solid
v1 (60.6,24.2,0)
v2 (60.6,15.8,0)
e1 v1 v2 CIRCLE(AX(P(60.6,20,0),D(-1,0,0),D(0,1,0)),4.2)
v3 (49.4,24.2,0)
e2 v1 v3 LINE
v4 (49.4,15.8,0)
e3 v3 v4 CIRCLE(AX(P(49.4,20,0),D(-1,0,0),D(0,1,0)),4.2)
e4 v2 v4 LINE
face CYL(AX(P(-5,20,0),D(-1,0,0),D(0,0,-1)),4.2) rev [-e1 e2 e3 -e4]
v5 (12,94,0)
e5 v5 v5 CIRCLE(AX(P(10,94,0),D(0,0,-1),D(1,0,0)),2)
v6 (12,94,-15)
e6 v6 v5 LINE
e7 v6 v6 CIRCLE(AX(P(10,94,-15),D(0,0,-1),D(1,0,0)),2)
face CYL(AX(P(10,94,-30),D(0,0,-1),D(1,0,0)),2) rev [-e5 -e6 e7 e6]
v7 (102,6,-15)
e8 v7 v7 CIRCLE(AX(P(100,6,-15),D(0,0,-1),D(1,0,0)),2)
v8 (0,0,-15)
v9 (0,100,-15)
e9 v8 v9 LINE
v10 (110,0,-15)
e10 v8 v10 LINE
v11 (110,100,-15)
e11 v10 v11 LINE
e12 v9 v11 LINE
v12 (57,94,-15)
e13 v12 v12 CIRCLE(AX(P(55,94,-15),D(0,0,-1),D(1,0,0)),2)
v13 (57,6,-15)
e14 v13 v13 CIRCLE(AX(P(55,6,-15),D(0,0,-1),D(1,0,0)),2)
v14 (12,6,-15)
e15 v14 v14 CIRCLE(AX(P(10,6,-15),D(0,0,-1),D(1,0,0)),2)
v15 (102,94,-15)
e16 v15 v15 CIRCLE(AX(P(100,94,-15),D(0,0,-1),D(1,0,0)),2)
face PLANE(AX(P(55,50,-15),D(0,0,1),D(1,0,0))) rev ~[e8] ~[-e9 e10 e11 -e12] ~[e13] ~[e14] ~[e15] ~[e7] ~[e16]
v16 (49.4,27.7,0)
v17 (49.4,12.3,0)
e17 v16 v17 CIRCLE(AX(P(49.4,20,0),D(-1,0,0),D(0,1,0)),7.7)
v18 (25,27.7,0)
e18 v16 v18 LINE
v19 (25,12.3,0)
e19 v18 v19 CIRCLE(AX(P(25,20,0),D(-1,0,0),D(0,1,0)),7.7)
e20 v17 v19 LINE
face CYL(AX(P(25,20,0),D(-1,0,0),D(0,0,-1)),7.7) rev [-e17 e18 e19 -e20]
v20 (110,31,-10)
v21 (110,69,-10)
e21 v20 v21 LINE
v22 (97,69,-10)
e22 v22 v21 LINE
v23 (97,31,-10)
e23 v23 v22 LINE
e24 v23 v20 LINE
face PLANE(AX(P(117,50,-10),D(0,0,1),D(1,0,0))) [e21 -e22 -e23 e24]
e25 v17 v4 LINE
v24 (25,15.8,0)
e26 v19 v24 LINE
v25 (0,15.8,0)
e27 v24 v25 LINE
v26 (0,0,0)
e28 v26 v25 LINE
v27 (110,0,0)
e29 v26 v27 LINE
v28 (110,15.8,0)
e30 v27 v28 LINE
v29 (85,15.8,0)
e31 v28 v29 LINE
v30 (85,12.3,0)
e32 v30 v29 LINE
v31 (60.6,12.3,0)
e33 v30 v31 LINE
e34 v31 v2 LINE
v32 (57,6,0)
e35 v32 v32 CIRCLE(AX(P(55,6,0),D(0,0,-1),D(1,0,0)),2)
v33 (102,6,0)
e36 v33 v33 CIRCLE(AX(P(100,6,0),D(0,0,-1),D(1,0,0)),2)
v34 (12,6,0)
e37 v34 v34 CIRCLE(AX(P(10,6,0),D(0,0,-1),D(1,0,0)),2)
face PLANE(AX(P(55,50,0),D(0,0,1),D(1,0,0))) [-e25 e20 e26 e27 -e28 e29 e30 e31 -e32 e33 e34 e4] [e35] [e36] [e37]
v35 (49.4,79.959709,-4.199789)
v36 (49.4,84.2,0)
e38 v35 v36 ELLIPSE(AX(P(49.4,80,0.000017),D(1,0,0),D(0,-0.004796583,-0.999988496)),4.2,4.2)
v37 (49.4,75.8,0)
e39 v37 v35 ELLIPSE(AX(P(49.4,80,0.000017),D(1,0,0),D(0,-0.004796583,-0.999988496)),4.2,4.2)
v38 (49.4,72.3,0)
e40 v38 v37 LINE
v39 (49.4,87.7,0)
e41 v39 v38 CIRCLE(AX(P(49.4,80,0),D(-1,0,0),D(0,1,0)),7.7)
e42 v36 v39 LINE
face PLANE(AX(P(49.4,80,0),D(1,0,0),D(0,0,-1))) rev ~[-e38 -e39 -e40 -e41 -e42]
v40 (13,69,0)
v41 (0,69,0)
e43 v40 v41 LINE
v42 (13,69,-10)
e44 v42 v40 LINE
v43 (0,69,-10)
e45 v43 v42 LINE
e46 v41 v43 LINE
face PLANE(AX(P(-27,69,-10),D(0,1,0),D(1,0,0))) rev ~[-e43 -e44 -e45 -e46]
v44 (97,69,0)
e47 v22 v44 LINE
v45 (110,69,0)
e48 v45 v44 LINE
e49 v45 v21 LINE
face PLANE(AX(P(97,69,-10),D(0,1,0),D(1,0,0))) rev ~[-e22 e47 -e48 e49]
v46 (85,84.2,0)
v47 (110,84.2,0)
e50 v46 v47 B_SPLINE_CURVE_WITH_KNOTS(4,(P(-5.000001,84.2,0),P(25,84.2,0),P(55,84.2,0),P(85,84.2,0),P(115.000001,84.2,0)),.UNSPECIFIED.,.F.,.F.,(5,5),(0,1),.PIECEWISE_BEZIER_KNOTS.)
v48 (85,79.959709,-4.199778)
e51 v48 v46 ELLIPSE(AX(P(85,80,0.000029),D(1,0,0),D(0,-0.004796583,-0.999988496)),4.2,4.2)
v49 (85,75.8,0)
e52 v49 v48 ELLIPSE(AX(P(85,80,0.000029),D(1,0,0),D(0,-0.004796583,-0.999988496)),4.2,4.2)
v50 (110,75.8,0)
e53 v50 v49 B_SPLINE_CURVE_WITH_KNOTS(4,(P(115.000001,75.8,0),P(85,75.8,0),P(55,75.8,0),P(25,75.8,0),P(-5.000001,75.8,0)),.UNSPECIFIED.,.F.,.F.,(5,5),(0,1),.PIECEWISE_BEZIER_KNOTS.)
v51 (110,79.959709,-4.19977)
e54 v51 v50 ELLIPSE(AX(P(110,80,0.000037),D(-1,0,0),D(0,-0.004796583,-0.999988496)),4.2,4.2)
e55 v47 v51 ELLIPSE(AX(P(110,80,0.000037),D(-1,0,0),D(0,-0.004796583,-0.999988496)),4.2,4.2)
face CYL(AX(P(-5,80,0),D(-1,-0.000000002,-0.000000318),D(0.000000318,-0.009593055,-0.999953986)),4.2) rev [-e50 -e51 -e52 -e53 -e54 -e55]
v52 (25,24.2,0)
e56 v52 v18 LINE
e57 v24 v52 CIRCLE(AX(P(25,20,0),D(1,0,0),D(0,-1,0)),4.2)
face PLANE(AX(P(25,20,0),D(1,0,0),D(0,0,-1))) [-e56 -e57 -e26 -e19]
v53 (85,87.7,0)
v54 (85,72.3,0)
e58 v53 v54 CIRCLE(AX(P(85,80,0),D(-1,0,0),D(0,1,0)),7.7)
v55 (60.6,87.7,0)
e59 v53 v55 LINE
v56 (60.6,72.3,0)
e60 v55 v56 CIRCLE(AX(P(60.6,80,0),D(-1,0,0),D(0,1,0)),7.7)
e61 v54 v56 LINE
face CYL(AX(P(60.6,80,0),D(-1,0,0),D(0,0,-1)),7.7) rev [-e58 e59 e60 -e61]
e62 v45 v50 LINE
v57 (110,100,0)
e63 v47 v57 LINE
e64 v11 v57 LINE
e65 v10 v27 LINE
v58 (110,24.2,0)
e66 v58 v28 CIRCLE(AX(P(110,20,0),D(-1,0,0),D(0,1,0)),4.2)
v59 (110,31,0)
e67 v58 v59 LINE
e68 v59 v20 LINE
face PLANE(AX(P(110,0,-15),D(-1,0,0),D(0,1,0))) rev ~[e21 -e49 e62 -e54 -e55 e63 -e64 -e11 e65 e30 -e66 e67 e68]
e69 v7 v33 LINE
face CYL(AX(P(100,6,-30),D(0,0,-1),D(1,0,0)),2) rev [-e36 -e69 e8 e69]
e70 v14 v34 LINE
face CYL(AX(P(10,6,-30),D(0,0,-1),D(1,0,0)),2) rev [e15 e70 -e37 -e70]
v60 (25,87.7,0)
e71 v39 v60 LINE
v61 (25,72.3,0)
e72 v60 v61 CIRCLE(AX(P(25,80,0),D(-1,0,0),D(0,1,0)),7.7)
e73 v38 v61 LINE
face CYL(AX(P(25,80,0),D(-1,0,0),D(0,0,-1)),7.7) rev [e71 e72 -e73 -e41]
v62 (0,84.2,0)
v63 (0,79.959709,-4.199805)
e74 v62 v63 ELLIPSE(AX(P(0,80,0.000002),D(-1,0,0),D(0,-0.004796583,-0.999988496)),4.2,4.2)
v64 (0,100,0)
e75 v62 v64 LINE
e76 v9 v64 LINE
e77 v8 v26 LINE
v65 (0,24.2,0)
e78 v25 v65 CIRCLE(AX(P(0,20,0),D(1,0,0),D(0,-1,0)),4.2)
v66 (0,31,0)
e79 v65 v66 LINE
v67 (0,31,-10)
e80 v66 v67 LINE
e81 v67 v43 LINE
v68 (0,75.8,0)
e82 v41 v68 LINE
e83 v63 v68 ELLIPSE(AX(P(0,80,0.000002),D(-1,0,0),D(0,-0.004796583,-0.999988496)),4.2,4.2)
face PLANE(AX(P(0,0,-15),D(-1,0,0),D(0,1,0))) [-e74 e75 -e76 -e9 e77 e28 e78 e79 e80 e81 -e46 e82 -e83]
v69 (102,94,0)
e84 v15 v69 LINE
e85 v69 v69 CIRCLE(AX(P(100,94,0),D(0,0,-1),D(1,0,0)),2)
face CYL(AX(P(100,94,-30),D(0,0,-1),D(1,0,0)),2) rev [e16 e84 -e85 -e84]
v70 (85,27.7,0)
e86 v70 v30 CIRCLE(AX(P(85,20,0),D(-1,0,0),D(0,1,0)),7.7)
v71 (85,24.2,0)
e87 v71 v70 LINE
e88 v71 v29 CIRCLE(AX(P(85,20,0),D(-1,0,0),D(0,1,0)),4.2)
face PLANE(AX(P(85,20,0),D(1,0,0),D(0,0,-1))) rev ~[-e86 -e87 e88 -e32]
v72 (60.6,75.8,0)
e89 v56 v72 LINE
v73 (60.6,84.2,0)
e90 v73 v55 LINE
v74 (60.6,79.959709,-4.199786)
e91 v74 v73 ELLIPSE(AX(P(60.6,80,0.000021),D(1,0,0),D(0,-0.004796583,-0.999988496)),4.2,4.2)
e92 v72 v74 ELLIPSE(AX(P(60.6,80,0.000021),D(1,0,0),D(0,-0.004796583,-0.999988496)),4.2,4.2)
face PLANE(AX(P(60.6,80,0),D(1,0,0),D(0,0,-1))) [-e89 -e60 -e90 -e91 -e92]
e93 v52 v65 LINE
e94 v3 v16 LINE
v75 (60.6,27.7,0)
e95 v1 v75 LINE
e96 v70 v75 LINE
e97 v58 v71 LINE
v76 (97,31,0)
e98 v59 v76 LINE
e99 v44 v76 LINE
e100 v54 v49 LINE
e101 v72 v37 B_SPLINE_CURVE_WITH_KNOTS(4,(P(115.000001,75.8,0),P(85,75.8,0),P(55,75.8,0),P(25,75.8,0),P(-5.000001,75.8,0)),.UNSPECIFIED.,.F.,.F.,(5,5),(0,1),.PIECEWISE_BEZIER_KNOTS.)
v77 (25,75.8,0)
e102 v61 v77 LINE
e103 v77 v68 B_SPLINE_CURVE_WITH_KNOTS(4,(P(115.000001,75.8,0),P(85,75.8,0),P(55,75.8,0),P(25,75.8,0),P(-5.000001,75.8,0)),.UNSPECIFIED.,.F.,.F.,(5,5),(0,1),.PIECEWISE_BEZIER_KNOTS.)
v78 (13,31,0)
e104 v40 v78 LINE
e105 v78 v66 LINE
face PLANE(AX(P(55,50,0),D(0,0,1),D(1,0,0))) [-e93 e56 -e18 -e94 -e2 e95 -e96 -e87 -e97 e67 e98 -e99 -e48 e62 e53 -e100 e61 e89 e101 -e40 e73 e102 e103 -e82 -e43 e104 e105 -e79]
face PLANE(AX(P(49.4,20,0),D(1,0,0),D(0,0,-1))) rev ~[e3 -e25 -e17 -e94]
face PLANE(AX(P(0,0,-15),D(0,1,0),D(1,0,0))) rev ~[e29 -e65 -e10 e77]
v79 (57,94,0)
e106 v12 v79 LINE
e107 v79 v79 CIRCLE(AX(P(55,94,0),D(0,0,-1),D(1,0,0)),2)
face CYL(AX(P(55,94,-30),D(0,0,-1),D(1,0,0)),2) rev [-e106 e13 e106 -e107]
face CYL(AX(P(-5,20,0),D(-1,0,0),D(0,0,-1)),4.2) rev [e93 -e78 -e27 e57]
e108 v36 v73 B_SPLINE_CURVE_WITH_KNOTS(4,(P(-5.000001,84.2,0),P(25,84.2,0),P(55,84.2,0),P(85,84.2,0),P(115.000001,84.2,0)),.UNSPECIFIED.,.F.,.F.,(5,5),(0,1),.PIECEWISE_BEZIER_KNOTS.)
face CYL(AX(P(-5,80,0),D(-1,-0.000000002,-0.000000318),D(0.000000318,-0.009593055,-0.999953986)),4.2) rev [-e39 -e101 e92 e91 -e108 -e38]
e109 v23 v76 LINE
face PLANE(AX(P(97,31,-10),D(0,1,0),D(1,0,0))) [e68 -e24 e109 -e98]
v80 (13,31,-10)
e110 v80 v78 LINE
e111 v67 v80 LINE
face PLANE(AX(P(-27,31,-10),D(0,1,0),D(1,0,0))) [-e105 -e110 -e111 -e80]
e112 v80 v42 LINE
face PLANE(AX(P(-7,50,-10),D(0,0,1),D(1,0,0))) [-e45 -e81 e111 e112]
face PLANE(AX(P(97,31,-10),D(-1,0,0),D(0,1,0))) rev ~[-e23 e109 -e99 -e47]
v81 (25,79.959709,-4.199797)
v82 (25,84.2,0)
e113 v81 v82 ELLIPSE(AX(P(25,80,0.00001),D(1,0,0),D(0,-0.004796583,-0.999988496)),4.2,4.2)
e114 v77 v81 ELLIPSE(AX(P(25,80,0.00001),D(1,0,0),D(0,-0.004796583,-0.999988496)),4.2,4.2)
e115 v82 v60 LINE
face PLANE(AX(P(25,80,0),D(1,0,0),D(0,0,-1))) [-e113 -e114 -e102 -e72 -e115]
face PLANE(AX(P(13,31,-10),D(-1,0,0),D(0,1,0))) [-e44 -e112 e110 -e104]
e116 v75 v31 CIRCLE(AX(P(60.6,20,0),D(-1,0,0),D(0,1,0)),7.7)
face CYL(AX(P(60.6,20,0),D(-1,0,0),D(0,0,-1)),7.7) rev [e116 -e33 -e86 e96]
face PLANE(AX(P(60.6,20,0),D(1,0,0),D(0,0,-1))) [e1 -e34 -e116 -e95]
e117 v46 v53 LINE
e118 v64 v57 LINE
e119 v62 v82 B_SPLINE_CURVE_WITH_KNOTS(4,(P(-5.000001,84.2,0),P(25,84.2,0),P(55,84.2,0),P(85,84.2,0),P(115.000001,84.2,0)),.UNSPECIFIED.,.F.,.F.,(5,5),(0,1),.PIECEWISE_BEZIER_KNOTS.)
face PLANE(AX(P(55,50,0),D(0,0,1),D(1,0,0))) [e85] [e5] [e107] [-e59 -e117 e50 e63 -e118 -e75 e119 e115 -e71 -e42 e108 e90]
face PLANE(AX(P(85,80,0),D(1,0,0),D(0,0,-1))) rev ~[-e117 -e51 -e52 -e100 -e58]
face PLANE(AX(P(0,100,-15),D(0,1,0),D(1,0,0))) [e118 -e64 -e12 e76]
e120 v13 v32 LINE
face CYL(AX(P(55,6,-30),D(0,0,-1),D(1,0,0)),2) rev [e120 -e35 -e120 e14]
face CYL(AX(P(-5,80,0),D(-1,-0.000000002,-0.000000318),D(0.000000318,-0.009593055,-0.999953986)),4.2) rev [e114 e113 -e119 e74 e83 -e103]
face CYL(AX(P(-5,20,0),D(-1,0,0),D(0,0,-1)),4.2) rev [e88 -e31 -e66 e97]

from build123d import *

# Parameters (mm, degrees)
CYLINDER001_R               = 4.2
CYLINDER001_DEPTH           = 120
CYLINDER001_ROLL_ANGLE      = -89.998101
CYLINDER001_PITCH_ANGLE     = 89.45035
CYLINDER001_PLACEMENT_ANGLE = -89.998101
CYLINDER_R                  = 4.2
CYLINDER_DEPTH              = 120
CYLINDER_PITCH_ANGLE        = 90
CYLINDER008_R               = 2
CYLINDER008_DEPTH           = 80
ARRAY006_X_COUNT            = 3
ARRAY006_X_PITCH            = 45
CYLINDER010_R               = 2
CYLINDER010_DEPTH           = 80
ARRAY007_X_COUNT            = 3
ARRAY007_X_PITCH            = 45
CYLINDER009_R               = 7.7
CYLINDER009_DEPTH           = 24.4
CYLINDER009_PITCH_ANGLE     = 90
ARRAY005_X_COUNT            = 2
ARRAY005_X_PITCH            = 35.6
CYLINDER007_R               = 7.7
CYLINDER007_DEPTH           = 24.4
CYLINDER007_PITCH_ANGLE     = 90
ARRAY004_X_COUNT            = 2
ARRAY004_X_PITCH            = 35.6
BOX003_W                    = 40
BOX003_H                    = 38
BOX003_DEPTH                = 25
BOX002_W                    = 40
BOX002_H                    = 38
BOX002_DEPTH                = 25
BOX004_W                    = 110
BOX004_H                    = 100
BOX004_DEPTH                = 15


with BuildPart() as cylinder001:
    # Cylinder001 → Cylinder001 (new body)
    with BuildSketch(Plane.XY):
        Circle(CYLINDER001_R)
    extrude(amount=CYLINDER001_DEPTH)


with BuildPart() as cylinder001_1:
    # Cylinder001 roll: moved
    add(cylinder001.part.rotate(Axis((0, 0, 0), (1, 0, 0)), CYLINDER001_ROLL_ANGLE))


with BuildPart() as cylinder001_2:
    # Cylinder001 pitch: moved
    add(cylinder001_1.part.rotate(Axis((0, 0, 0), (0, 1, 0)), CYLINDER001_PITCH_ANGLE))


with BuildPart() as cylinder001_3:
    # Cylinder001 placement: moved
    add(cylinder001_2.part.moved(Location((-5, 80, 0))).rotate(Axis((-5, 80, 0), (0, 0, 1)), CYLINDER001_PLACEMENT_ANGLE))


with BuildPart() as ejes:
    # Cylinder → Cylinder (new body)
    with BuildSketch(Plane.XY):
        Circle(CYLINDER_R)
    extrude(amount=CYLINDER_DEPTH)


with BuildPart() as ejes_1:
    # Cylinder pitch: moved
    add(ejes.part.rotate(Axis((0, 0, 0), (0, 1, 0)), CYLINDER_PITCH_ANGLE))


with BuildPart() as ejes_2:
    # Cylinder placement: moved
    add(ejes_1.part.moved(Location((-5, 20, 0))))

    # Fusion001: union Cylinder001
    add(cylinder001_3.part)


with BuildPart() as array006:
    # Cylinder008 → Cylinder008 (new body)
    with BuildSketch(Plane(origin=(10, 6, -30), x_dir=(1, 0, 0), z_dir=(0, 0, 1))):
        Circle(CYLINDER008_R)
    extrude(amount=CYLINDER008_DEPTH)

    # Array006 X: Array006 ×3


with BuildPart() as array006_1:
    add(array006.part)
    with Locations(*[(i * ARRAY006_X_PITCH, 0, 0) for i in range(1, ARRAY006_X_COUNT)]):
        add(array006.part)


with BuildPart() as array007:
    # Cylinder010 → Cylinder010 (new body)
    with BuildSketch(Plane(origin=(10, 6, -30), x_dir=(1, 0, 0), z_dir=(0, 0, 1))):
        Circle(CYLINDER010_R)
    extrude(amount=CYLINDER010_DEPTH)

    # Array007 X: Array007 ×3


with BuildPart() as array007_1:
    add(array007.part)
    with Locations(*[(i * ARRAY007_X_PITCH, 0, 0) for i in range(1, ARRAY007_X_COUNT)]):
        add(array007.part)


with BuildPart() as array007_2:
    # Array007 placement: moved
    add(array007_1.part.moved(Location((0, 88, 0))))


with BuildPart() as array005:
    # Cylinder009 → Cylinder009 (new body)
    with BuildSketch(Plane.XY):
        Circle(CYLINDER009_R)
    extrude(amount=CYLINDER009_DEPTH)


with BuildPart() as array005_1:
    # Cylinder009 pitch: moved
    add(array005.part.rotate(Axis((0, 0, 0), (0, 1, 0)), CYLINDER009_PITCH_ANGLE))


with BuildPart() as array005_2:
    # Cylinder009 placement: moved
    add(array005_1.part.moved(Location((25, 80, 0))))

    # Array005 X: Array005 ×2


with BuildPart() as array005_3:
    add(array005_2.part)
    with Locations(*[(i * ARRAY005_X_PITCH, 0, 0) for i in range(1, ARRAY005_X_COUNT)]):
        add(array005_2.part)


with BuildPart() as taladros_tornillos_y_rodamientos001:
    # Cylinder007 → Cylinder007 (new body)
    with BuildSketch(Plane.XY):
        Circle(CYLINDER007_R)
    extrude(amount=CYLINDER007_DEPTH)


with BuildPart() as taladros_tornillos_y_rodamientos001_1:
    # Cylinder007 pitch: moved
    add(taladros_tornillos_y_rodamientos001.part.rotate(Axis((0, 0, 0), (0, 1, 0)), CYLINDER007_PITCH_ANGLE))


with BuildPart() as taladros_tornillos_y_rodamientos001_2:
    # Cylinder007 placement: moved
    add(taladros_tornillos_y_rodamientos001_1.part.moved(Location((25, 20, 0))))

    # Array004 X: Taladros tornillos y rodamientos001 ×2


with BuildPart() as taladros_tornillos_y_rodamientos001_3:
    add(taladros_tornillos_y_rodamientos001_2.part)
    with Locations(*[(i * ARRAY004_X_PITCH, 0, 0) for i in range(1, ARRAY004_X_COUNT)]):
        add(taladros_tornillos_y_rodamientos001_2.part)

    # Fusion005: union Array006, Array007, Array005
    add(array006_1.part)
    add(array007_2.part)
    add(array005_3.part)


with BuildPart() as cubo003:
    # Box003 → Box003 (new body)
    with BuildSketch(Plane(origin=(97, 31, -10), x_dir=(1, 0, 0), z_dir=(0, 0, 1))):
        with Locations((20, 19)):
            Rectangle(BOX003_W, BOX003_H)
    extrude(amount=BOX003_DEPTH)


with BuildPart() as fusion002:
    # Box002 → Box002 (new body)
    with BuildSketch(Plane(origin=(-27, 31, -10), x_dir=(1, 0, 0), z_dir=(0, 0, 1))):
        with Locations((20, 19)):
            Rectangle(BOX002_W, BOX002_H)
    extrude(amount=BOX002_DEPTH)

    # Fusion002: union Cubo003
    add(cubo003.part)


with BuildPart() as cut005:
    # Box004 → Box004 (new body)
    with BuildSketch(Plane.XY.offset(-15)):
        with Locations((55, 50)):
            Rectangle(BOX004_W, BOX004_H)
    extrude(amount=BOX004_DEPTH)

    # Cut: cut Fusion002
    add(fusion002.part, mode=Mode.SUBTRACT)

    # Cut003: cut Taladros tornillos y rodamientos001
    add(taladros_tornillos_y_rodamientos001_3.part, mode=Mode.SUBTRACT)

    # Cut005: cut Ejes
    add(ejes_2.part, mode=Mode.SUBTRACT)


solid = cut005.part
